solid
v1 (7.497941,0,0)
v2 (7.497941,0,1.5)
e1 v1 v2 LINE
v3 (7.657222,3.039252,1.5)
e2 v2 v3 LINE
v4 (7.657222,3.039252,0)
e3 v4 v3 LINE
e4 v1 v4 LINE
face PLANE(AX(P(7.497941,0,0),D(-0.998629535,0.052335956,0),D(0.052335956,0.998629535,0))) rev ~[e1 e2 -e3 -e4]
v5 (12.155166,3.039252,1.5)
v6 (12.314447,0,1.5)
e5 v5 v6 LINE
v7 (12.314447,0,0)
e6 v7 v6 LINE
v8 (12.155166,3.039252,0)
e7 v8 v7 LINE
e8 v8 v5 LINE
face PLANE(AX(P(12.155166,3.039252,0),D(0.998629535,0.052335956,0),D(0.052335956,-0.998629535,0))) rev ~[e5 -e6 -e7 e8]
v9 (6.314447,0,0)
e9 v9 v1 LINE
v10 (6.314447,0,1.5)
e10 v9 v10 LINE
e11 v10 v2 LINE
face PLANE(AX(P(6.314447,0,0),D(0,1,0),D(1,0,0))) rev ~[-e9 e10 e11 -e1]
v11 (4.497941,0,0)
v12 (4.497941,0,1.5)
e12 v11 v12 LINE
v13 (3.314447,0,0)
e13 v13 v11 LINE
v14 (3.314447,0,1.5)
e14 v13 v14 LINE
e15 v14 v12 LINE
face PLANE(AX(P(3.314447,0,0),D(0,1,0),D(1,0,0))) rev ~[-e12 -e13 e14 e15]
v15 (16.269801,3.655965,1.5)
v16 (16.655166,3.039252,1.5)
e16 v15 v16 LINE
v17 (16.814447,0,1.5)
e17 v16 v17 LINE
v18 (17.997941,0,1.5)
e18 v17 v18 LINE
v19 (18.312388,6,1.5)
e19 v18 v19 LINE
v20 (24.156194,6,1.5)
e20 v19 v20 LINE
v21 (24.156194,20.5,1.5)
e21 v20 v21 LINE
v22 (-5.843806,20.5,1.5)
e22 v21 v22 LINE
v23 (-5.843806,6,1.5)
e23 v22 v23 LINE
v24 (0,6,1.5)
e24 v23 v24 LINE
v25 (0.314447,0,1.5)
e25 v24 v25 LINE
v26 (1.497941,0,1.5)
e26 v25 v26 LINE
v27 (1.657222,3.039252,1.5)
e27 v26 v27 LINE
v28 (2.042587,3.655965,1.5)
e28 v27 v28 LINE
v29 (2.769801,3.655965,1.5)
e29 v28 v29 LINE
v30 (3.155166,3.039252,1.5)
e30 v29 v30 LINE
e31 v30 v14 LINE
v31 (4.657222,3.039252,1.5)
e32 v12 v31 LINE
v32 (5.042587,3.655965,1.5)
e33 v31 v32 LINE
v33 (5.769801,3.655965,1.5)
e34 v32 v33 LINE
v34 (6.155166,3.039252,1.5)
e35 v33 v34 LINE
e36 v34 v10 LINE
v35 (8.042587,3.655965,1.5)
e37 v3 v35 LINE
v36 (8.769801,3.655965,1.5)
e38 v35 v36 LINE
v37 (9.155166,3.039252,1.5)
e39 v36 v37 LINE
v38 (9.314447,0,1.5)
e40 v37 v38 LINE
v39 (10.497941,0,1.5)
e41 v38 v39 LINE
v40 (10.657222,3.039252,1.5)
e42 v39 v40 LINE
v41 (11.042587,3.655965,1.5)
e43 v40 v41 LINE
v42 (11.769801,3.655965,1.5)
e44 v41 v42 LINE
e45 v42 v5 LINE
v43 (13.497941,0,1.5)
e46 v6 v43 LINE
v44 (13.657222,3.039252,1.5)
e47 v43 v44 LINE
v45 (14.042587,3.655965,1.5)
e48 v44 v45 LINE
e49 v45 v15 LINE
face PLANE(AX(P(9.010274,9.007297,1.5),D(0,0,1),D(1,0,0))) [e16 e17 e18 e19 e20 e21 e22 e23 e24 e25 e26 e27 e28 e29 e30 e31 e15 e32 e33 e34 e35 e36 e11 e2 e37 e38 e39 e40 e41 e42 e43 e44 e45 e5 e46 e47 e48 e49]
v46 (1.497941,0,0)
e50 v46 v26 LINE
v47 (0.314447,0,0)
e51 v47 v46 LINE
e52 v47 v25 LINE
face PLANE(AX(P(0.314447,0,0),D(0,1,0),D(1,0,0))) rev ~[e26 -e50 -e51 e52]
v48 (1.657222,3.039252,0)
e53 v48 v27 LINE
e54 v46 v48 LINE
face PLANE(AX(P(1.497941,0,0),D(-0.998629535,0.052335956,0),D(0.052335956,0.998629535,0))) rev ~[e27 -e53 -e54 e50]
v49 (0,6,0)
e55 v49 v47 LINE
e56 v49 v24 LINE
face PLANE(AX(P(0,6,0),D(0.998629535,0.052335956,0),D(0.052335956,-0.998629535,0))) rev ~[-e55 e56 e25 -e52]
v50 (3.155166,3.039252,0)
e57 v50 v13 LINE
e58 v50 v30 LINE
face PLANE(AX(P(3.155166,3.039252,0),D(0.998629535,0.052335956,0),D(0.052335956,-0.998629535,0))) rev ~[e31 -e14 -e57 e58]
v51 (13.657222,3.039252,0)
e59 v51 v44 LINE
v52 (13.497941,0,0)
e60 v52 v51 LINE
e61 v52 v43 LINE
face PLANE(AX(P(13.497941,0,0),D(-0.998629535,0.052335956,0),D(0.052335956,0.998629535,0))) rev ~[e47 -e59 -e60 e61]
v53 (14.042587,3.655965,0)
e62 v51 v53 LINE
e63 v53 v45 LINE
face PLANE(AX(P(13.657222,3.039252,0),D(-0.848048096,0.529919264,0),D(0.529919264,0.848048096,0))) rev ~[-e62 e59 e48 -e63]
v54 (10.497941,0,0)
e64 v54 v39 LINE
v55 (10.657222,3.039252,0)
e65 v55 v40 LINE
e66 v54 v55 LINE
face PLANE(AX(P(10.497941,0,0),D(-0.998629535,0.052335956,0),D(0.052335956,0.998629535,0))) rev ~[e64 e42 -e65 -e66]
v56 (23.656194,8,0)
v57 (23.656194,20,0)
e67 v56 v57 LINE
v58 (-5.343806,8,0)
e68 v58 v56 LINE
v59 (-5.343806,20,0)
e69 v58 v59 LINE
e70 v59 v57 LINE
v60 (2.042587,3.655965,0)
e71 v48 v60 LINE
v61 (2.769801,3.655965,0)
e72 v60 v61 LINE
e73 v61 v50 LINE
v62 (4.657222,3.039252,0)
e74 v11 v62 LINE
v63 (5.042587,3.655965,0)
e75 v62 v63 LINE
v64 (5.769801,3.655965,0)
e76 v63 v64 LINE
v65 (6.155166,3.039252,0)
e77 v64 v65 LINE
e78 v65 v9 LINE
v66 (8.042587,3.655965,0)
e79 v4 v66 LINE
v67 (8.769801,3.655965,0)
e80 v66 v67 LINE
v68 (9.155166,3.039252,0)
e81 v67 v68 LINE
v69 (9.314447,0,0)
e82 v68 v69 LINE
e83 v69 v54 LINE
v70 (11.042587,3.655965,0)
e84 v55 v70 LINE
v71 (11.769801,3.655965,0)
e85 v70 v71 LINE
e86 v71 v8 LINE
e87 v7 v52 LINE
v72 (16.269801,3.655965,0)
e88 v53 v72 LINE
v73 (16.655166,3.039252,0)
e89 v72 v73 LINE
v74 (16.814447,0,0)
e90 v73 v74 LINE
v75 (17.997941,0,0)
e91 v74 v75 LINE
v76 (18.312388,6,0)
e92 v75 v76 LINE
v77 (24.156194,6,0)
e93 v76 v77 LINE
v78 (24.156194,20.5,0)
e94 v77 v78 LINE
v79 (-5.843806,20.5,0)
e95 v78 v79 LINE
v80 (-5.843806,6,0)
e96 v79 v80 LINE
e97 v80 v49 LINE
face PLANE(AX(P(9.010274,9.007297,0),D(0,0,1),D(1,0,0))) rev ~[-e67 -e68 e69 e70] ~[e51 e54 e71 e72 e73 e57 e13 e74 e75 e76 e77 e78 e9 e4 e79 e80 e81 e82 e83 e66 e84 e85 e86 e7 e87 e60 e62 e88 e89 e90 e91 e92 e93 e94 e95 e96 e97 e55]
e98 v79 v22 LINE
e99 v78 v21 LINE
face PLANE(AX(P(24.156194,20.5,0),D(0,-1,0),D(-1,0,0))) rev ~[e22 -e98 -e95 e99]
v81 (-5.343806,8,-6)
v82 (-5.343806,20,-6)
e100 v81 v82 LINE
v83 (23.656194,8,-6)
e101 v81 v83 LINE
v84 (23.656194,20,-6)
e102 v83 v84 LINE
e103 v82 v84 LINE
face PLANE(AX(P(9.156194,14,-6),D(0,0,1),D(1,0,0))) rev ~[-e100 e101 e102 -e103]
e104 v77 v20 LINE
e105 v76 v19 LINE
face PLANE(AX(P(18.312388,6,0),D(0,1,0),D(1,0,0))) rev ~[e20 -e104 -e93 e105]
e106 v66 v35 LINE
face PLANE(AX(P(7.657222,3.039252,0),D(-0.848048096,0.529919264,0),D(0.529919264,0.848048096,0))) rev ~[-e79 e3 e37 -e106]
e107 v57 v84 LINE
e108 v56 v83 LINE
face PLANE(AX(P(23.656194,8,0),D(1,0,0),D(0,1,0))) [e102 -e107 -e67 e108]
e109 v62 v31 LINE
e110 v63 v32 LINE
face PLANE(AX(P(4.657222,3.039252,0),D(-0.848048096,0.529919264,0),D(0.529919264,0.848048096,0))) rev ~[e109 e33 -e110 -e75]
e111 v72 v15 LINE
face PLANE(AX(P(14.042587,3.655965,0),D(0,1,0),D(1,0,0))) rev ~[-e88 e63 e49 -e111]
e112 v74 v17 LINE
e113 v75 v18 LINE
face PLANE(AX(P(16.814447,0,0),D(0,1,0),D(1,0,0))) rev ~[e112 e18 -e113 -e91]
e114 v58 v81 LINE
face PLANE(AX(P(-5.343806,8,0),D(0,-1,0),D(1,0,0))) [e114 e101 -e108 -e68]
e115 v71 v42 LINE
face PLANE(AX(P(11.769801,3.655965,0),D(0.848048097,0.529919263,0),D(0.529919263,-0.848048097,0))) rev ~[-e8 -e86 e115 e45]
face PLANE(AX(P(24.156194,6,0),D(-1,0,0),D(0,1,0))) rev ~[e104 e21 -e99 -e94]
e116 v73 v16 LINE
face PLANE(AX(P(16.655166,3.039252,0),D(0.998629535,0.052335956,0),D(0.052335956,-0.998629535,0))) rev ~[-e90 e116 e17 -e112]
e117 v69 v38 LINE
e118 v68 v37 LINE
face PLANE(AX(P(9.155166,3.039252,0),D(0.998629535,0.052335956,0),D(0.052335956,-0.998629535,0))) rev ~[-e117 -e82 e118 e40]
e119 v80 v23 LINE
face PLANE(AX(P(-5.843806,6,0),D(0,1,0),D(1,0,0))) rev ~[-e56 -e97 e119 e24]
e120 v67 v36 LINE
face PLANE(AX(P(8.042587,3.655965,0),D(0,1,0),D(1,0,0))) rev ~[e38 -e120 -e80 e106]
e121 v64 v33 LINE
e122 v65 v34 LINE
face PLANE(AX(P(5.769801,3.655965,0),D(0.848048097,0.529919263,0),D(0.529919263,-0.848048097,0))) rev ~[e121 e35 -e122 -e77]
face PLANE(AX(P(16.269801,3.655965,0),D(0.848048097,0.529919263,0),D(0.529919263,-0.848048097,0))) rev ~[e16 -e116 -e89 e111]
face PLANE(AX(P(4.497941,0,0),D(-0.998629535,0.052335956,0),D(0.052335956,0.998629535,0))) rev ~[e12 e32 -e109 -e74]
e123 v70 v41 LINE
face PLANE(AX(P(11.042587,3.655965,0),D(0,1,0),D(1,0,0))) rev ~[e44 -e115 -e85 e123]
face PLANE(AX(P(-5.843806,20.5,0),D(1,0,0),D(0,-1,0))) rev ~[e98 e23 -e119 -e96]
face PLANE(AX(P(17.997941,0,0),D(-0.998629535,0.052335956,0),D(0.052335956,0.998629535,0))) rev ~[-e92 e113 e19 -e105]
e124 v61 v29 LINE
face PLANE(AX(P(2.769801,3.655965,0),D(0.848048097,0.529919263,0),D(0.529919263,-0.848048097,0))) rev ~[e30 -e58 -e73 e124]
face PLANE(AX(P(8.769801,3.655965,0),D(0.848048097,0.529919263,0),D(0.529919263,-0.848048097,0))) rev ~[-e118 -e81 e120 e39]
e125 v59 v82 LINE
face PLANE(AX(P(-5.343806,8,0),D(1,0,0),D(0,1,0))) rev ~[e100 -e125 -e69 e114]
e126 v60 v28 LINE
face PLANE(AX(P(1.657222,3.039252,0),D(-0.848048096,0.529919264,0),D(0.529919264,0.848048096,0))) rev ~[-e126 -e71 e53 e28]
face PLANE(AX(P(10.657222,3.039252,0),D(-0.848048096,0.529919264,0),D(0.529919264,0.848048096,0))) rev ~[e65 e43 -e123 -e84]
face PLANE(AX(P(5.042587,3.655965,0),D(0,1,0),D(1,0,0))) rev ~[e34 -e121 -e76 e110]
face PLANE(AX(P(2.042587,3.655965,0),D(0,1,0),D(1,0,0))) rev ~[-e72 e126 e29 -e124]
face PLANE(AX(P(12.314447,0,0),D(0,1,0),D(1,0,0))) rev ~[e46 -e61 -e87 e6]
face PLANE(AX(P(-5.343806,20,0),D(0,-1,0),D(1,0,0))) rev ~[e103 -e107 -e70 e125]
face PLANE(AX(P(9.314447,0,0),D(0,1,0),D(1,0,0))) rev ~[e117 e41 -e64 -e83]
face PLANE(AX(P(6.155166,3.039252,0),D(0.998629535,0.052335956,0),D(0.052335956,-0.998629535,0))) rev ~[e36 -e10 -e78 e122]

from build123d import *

# Parameters (mm, degrees)
BOSS_EXTRUDE1_DEPTH = 1.5
SKETCH12_W          = 29
SKETCH12_H          = 12
BOSS_EXTRUDE2_DEPTH = 6


with BuildPart() as part:
    # Sketch1 → Boss-Extrude1 (new body)
    with BuildSketch(Plane.XY):
        Polygon((0, 6), (0.314446676, 0), (1.497941481, 0), (1.657221927, 3.039251967), (2.042586863, 3.65596478), (2.769801294, 3.65596478), (3.155166229, 3.039251967), (3.314446676, 0), (4.497941481, 0), (4.657221927, 3.039251967), (5.042586863, 3.65596478), (5.769801294, 3.65596478), (6.155166229, 3.039251967), (6.314446676, 0), (7.497941481, 0), (7.657221927, 3.039251967), (8.042586863, 3.65596478), (8.769801294, 3.65596478), (9.155166229, 3.039251967), (9.314446676, 0), (10.497941481, 0), (10.657221927, 3.039251967), (11.042586863, 3.65596478), (11.769801294, 3.65596478), (12.155166229, 3.039251967), (12.314446676, 0), (13.497941481, 0), (13.657221927, 3.039251967), (14.042586863, 3.65596478), (16.269801294, 3.65596478), (16.655166229, 3.039251967), (16.814446676, 0), (17.997941481, 0), (18.312388157, 6), (24.156194078, 6), (24.156194078, 20.5), (-5.843805922, 20.5), (-5.843805922, 6), align=None)
    extrude(amount=BOSS_EXTRUDE1_DEPTH)

    # Sketch12 → Boss-Extrude2 (add)
    with BuildSketch(Plane.XY):
        with Locations((9.156194078, 14)):
            Rectangle(SKETCH12_W, SKETCH12_H)
    extrude(amount=-BOSS_EXTRUDE2_DEPTH)


solid = part.part
